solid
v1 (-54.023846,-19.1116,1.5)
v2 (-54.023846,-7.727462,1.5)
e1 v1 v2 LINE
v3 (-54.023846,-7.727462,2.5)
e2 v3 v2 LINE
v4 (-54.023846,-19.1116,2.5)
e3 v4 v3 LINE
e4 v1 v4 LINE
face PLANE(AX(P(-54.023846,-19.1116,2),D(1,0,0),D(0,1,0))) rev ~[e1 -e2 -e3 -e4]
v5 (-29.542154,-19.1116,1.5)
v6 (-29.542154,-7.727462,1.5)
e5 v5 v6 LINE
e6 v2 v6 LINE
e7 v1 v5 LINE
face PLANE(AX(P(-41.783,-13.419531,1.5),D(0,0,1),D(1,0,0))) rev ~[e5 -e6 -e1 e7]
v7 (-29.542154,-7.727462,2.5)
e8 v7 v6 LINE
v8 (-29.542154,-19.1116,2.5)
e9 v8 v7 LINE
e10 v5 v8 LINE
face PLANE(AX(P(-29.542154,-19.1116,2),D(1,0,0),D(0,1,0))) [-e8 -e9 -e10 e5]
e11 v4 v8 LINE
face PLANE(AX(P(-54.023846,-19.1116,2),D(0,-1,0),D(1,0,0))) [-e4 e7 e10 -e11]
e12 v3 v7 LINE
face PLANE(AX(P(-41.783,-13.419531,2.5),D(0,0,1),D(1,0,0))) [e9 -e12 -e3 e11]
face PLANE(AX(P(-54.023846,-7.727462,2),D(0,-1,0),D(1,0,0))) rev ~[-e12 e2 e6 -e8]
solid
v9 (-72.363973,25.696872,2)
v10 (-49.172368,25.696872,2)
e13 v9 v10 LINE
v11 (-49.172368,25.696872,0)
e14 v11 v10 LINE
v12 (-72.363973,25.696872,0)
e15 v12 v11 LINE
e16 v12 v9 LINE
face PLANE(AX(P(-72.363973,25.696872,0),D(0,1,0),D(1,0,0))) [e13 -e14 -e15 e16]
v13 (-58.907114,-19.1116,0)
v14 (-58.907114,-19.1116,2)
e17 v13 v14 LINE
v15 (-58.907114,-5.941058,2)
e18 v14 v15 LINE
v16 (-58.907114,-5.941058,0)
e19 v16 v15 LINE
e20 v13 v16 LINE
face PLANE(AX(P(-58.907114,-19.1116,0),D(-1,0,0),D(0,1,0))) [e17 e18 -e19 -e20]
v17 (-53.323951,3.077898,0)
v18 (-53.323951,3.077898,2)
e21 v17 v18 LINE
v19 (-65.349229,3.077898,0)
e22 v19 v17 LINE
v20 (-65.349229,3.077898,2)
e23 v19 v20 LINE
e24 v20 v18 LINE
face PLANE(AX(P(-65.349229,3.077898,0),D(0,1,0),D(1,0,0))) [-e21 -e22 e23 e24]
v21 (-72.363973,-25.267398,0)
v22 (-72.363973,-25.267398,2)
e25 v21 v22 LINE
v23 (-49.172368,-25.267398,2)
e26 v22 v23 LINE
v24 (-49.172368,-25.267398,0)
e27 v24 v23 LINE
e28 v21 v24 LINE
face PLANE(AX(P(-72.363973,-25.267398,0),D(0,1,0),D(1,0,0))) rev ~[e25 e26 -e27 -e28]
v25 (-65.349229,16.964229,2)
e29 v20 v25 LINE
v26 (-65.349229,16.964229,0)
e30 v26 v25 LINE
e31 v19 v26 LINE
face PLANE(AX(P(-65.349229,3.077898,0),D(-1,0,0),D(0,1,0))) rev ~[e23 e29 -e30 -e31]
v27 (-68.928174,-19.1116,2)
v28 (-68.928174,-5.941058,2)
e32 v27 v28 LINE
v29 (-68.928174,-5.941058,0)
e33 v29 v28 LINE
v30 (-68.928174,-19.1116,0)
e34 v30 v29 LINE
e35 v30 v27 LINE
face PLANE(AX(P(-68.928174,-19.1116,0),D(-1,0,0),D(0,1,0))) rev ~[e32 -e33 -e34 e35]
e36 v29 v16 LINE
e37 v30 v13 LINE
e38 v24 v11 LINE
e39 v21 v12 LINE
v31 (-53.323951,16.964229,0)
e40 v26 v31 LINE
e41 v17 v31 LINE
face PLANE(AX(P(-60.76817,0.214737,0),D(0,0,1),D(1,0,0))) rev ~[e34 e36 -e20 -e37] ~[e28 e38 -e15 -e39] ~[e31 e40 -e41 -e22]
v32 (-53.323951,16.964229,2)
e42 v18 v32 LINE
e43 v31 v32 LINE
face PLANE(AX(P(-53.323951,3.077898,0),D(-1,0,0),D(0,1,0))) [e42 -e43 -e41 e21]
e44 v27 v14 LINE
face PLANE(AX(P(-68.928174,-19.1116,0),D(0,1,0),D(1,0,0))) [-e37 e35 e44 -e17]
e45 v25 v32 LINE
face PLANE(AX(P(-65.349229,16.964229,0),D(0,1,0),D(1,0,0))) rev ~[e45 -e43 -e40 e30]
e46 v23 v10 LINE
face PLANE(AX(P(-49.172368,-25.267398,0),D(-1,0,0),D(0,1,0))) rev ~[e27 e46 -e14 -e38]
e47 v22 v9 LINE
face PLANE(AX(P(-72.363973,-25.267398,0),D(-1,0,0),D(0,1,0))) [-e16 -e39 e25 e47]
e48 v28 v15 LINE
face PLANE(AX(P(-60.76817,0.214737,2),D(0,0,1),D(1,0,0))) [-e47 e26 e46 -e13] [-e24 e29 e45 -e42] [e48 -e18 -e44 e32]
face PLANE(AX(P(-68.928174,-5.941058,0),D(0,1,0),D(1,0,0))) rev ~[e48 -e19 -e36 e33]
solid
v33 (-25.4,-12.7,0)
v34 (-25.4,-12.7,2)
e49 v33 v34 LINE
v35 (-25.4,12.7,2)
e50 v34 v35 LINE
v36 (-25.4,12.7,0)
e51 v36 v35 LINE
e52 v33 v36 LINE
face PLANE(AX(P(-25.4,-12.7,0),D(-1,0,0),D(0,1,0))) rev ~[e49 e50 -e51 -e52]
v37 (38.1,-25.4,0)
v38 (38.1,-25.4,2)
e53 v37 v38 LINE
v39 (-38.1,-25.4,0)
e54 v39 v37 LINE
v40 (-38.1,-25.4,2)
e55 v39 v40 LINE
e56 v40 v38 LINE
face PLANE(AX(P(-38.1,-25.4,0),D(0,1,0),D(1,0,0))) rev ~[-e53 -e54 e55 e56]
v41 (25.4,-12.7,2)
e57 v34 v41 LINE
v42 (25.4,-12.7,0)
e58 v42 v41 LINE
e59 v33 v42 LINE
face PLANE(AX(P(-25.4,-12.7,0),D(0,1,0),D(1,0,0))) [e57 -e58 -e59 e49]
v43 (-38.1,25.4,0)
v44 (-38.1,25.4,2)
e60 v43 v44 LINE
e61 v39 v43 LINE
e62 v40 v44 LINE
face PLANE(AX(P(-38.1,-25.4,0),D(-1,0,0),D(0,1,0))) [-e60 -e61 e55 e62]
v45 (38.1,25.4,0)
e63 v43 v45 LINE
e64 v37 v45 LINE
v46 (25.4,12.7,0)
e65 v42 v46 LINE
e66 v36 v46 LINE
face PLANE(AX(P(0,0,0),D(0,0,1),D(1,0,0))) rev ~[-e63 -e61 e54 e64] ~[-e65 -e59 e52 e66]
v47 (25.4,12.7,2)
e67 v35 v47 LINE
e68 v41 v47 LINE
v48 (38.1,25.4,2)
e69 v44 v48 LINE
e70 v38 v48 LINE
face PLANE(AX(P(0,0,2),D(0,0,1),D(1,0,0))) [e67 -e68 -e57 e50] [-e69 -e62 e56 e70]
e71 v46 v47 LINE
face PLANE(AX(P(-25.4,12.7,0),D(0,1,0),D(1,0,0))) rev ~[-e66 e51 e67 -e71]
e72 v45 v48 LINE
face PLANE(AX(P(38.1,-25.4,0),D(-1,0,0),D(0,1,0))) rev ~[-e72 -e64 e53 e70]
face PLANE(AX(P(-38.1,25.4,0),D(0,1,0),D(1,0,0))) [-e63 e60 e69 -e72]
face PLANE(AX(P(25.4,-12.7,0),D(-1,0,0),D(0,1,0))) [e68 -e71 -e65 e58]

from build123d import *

# Parameters (mm, degrees)
F0_W     = 76.2
F0_H     = 50.8
F0_W_2   = 50.8
F0_H_2   = 25.4
F0_W_3   = 23.191605
F0_H_3   = 50.96427
F0_W_4   = 10.021061
F0_H_4   = 13.170541
F0_W_5   = 12.025278
F0_H_5   = 13.886331
F1_DEPTH = 2
F2_W     = 24.481693
F2_H     = 11.384138
F3_DEPTH = 0.5


with BuildPart() as f1:
    # F0 (on Top) → F1 (new body)
    with BuildSketch(Plane.XY):
        Rectangle(F0_W, F0_H)
        Rectangle(F0_W_2, F0_H_2, mode=Mode.SUBTRACT)
        with Locations((-60.76817, 0.214737)):
            Rectangle(F0_W_3, F0_H_3)
        with Locations((-63.917644, -12.526329)):
            Rectangle(F0_W_4, F0_H_4, mode=Mode.SUBTRACT)
        with Locations((-59.33659, 10.021064)):
            Rectangle(F0_W_5, F0_H_5, mode=Mode.SUBTRACT)
    extrude(amount=F1_DEPTH)


with BuildPart() as f3:
    # F2 (on face) → F3 (new body, symmetric)
    with BuildSketch(Plane.XY.offset(2)):
        with Locations((-41.783, -13.419531)):
            Rectangle(F2_W, F2_H)
    extrude(amount=F3_DEPTH, both=True)


solid = Compound([f1.part, f3.part])
